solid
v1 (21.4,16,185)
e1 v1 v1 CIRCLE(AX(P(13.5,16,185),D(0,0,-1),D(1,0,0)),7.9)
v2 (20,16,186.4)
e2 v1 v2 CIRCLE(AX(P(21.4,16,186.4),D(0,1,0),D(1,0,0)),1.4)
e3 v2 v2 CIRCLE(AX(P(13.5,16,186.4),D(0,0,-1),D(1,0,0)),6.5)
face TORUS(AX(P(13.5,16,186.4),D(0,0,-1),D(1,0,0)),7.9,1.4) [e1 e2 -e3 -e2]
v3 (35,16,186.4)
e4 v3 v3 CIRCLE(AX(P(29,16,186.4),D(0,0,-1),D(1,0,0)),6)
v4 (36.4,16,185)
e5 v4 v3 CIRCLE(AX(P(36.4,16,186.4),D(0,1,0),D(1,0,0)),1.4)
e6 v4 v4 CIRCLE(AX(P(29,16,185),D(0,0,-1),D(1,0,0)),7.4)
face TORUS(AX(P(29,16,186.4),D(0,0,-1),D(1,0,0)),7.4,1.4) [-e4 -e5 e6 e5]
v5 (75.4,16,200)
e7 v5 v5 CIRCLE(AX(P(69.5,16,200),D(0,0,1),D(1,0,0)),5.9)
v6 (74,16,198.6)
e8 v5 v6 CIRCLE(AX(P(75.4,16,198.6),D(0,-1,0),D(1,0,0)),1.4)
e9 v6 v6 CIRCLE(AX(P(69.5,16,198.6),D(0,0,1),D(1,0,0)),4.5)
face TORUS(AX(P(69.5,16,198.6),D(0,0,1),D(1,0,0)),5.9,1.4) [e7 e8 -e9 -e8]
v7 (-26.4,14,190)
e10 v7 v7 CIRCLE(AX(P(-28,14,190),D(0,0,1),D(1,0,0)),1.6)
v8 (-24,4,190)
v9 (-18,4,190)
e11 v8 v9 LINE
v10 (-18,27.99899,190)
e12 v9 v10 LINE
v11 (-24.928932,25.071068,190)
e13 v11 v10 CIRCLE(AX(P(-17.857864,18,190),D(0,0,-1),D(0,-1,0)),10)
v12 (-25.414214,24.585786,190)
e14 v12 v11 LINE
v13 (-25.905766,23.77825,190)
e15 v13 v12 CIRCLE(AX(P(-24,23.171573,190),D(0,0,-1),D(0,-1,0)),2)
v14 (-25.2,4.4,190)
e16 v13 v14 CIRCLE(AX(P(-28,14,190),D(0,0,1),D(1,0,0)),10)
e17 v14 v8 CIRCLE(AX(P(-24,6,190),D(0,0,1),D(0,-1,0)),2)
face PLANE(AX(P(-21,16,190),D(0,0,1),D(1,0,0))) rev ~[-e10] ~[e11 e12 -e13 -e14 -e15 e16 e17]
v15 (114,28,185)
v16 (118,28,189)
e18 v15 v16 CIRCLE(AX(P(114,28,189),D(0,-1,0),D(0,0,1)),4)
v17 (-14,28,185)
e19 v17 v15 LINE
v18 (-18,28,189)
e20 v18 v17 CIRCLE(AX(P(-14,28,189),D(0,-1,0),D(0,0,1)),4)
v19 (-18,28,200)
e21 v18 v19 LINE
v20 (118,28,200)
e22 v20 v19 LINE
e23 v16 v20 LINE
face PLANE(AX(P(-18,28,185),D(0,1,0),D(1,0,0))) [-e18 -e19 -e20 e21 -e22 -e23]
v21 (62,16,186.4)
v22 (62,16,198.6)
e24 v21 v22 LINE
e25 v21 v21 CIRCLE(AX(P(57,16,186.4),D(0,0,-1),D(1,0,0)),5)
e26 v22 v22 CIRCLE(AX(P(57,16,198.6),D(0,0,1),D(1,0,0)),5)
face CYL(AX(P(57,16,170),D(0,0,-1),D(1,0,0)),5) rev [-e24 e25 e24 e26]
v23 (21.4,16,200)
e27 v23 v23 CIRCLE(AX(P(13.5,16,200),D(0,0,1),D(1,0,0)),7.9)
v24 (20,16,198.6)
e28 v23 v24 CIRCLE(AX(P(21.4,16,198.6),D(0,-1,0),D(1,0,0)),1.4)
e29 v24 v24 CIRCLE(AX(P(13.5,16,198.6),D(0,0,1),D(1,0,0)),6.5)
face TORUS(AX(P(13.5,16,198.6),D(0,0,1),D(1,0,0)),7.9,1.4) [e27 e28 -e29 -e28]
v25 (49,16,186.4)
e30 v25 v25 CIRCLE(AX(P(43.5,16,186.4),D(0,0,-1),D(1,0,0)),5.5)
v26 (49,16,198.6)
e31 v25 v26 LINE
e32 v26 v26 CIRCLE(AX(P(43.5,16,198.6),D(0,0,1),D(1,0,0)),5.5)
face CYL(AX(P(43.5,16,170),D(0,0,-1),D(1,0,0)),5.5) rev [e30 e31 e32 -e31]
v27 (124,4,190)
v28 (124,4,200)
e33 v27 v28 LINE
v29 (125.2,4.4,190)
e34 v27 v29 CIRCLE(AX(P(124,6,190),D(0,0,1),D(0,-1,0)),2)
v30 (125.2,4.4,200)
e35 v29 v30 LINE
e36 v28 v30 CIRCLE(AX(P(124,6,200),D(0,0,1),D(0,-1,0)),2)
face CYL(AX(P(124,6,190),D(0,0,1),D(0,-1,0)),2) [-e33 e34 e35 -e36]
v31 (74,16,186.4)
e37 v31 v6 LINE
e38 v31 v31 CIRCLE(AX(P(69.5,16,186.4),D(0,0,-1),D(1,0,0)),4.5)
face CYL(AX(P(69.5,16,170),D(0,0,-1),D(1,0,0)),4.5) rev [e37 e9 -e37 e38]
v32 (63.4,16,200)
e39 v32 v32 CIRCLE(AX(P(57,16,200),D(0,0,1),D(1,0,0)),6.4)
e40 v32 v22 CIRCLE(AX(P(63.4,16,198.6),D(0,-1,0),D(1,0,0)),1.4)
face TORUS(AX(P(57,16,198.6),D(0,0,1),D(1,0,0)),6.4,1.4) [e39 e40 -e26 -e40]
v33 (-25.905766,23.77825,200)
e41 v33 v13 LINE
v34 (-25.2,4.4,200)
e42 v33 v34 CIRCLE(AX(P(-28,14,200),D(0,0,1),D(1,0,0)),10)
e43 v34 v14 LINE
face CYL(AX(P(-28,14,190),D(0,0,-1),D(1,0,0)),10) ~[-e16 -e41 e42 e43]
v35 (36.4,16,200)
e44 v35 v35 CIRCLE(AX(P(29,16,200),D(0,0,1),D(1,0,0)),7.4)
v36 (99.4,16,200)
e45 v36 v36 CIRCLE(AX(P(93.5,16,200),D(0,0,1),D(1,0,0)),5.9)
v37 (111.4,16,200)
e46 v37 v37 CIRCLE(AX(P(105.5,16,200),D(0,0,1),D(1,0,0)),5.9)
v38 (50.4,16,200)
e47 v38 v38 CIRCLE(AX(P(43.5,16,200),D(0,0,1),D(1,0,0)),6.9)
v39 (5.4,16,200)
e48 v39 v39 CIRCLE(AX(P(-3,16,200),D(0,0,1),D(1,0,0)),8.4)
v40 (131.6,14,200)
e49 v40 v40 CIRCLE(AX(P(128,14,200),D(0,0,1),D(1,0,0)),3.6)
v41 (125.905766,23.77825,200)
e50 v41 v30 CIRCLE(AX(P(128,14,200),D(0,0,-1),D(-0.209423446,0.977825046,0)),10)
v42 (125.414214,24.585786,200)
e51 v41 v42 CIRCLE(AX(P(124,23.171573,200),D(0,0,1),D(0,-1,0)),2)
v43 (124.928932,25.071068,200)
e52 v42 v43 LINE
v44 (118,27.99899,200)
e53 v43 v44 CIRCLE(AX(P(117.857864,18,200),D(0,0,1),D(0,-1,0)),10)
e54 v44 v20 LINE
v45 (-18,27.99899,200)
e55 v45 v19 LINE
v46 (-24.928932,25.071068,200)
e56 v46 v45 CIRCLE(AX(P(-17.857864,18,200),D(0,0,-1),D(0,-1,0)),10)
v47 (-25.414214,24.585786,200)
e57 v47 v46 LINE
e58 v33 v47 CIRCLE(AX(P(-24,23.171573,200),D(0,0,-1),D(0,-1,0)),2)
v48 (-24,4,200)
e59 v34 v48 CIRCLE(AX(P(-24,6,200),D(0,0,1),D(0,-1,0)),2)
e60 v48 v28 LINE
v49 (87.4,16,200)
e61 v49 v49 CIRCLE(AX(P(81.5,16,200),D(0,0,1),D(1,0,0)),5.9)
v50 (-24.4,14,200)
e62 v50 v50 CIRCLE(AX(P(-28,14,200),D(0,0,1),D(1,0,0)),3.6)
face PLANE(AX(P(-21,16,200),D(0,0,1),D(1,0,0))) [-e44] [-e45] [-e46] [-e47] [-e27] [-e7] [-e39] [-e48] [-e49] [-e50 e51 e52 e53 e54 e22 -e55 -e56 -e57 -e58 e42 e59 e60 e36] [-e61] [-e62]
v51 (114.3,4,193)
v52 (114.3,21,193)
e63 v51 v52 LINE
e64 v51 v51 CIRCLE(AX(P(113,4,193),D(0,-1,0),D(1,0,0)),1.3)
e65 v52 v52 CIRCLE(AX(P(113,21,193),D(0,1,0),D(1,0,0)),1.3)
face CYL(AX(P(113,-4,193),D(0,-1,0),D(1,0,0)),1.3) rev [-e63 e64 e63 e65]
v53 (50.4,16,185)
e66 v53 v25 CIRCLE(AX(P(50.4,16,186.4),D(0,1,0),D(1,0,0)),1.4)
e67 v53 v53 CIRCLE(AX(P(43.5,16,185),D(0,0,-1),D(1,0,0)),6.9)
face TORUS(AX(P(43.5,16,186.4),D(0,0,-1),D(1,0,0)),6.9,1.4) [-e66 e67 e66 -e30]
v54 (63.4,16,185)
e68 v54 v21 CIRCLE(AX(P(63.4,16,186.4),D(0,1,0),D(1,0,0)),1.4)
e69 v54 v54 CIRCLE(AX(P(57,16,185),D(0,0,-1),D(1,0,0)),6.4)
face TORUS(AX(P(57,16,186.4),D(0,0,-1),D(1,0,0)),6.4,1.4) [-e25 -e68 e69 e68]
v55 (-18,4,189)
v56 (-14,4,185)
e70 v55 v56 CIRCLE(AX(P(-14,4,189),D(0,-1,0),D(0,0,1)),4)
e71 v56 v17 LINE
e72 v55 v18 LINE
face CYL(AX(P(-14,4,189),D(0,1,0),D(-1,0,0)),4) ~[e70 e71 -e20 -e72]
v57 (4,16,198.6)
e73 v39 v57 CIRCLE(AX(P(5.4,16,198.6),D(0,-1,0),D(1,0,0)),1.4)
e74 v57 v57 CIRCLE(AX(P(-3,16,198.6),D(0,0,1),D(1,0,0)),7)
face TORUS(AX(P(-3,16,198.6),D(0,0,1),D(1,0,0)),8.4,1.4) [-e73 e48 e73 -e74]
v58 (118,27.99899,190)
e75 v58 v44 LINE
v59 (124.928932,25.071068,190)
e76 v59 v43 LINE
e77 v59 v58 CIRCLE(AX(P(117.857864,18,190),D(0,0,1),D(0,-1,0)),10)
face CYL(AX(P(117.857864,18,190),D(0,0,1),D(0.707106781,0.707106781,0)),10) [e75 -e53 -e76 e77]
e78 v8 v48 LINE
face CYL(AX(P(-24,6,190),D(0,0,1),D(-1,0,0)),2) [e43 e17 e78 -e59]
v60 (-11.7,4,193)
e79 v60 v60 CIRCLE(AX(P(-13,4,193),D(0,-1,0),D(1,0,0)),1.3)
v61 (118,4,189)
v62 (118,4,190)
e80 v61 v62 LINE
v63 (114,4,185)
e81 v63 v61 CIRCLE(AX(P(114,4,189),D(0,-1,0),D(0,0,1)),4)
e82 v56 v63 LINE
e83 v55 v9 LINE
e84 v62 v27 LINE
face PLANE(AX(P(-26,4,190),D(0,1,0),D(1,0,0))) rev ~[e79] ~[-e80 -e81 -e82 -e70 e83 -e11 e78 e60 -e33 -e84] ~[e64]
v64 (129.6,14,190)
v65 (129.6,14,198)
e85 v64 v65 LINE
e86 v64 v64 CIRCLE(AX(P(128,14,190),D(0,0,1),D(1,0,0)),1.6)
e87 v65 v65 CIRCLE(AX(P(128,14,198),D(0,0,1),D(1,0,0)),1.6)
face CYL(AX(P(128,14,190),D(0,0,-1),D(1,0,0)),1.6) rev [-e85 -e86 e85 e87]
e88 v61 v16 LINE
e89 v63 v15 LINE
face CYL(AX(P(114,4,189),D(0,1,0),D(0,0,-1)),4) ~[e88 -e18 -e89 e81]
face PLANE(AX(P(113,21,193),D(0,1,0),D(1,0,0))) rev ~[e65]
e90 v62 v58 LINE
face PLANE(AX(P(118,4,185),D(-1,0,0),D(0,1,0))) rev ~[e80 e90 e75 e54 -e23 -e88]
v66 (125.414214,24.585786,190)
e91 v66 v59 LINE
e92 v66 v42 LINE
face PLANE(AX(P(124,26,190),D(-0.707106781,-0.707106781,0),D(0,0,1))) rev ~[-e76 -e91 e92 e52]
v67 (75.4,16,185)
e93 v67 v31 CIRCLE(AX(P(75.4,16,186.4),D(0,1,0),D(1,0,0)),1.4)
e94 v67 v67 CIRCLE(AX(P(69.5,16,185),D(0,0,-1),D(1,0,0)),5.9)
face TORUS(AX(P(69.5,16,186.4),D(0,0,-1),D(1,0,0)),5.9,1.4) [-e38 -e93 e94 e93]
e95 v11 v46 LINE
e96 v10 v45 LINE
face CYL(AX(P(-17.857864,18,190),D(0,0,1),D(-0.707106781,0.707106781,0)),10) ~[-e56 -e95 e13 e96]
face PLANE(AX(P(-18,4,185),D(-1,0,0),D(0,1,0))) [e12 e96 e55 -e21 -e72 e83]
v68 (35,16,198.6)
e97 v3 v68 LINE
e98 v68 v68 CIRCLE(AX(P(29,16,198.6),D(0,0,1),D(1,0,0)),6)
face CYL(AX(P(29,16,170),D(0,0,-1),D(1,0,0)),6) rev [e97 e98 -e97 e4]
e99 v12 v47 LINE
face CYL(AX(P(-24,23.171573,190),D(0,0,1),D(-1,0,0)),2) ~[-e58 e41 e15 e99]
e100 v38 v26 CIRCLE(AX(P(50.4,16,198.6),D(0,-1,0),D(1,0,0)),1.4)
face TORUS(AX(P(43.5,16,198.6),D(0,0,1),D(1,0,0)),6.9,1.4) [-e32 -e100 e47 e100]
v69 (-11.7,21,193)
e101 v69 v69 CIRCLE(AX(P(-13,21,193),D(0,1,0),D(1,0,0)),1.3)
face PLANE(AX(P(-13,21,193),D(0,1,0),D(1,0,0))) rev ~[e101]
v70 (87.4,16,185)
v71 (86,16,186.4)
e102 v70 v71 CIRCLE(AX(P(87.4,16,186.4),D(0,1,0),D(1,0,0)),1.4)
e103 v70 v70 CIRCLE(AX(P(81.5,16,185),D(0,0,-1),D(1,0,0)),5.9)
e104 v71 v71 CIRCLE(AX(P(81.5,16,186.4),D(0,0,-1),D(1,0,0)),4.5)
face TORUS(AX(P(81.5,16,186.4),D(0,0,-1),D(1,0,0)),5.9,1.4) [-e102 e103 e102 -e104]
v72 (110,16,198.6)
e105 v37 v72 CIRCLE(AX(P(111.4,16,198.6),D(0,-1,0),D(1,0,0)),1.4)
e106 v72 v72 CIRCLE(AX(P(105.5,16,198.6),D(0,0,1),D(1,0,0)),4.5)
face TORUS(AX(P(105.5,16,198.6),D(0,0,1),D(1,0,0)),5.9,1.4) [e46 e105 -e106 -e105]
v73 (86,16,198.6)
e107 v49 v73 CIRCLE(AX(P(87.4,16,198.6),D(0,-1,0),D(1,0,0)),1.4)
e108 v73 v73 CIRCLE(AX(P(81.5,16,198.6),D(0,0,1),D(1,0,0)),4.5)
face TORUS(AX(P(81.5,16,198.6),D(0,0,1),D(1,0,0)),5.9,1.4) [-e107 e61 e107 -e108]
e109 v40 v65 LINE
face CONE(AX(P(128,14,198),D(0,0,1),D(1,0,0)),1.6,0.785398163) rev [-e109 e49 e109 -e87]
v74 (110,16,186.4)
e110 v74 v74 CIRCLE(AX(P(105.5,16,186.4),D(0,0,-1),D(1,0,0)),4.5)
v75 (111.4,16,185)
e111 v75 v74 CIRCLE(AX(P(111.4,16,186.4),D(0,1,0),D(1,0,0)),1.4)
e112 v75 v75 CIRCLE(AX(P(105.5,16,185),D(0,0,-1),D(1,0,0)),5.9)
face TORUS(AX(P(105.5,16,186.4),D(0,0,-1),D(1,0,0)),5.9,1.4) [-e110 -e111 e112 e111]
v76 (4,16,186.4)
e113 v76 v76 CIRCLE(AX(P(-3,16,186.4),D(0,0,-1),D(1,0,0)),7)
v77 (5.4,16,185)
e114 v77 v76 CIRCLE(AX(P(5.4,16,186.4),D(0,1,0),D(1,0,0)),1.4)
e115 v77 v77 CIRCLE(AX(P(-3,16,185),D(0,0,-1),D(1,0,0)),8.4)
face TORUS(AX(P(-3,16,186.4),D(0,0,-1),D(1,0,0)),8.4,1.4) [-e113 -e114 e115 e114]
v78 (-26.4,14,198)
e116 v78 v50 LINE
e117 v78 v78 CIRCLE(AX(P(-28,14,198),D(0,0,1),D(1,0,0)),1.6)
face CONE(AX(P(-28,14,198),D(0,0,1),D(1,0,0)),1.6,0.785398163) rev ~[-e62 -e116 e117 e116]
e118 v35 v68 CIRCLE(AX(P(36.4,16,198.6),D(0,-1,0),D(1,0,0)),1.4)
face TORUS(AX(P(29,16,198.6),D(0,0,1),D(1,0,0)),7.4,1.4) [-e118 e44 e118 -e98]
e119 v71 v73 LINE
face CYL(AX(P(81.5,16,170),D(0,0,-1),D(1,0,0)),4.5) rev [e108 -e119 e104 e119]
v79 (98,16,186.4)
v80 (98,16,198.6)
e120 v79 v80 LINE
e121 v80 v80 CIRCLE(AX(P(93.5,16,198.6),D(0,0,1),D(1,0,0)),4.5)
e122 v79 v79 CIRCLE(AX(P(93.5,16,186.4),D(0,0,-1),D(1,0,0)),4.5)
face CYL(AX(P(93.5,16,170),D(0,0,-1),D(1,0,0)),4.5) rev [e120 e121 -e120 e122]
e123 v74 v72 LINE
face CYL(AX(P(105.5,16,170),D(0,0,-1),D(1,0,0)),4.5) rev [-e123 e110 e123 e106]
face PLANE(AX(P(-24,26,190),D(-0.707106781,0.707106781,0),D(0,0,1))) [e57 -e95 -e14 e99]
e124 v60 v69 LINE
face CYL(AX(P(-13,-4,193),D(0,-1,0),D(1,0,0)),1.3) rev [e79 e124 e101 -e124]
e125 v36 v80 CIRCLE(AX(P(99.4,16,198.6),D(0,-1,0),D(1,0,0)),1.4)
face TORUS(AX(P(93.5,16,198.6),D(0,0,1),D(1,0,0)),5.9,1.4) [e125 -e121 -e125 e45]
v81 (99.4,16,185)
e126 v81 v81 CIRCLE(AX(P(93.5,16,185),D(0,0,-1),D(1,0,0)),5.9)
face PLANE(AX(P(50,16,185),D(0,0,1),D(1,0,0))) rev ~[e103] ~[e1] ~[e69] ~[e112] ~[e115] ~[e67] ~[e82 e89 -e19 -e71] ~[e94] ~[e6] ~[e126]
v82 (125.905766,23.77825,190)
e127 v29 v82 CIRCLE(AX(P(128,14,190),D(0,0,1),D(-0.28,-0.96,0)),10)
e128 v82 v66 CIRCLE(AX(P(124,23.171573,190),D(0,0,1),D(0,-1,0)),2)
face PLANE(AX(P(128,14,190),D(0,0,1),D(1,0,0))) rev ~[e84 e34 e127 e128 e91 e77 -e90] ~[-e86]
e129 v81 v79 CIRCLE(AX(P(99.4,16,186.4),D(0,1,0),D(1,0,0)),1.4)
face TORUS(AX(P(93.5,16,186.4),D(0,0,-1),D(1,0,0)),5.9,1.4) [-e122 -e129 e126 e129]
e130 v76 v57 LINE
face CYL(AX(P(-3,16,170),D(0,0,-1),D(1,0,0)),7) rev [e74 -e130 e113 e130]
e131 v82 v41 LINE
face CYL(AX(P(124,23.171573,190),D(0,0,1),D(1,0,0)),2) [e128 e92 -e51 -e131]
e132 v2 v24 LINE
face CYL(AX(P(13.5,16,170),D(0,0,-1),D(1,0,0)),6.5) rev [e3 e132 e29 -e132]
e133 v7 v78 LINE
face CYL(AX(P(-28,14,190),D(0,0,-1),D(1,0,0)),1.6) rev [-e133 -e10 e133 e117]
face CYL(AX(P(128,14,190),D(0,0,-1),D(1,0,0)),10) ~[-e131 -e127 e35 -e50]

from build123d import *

# Parameters (mm, degrees)
BOX029_W          = 10
BOX029_H          = 24
BOX029_DEPTH      = 10
FILLET042_R       = 2
CHAMFER008_SIZE   = 4
FILLET043_R       = 2
FILLET044_R       = 10
BOX011_W          = 10
BOX011_H          = 24
BOX011_DEPTH      = 10
FILLET045_R       = 2
CHAMFER009_SIZE   = 4
FILLET046_R       = 2
FILLET047_R       = 10
TUBE007_R         = 10
TUBE007_R_2       = 1.6
TUBE007_DEPTH     = 10
TUBE006_R         = 10
TUBE006_R_2       = 1.6
TUBE006_DEPTH     = 10
CHAMFER010_SIZE   = 2
CYLINDER028_R     = 6.5
CYLINDER028_DEPTH = 30
CYLINDER029_R     = 6
CYLINDER029_DEPTH = 30
CYLINDER030_R     = 5.5
CYLINDER030_DEPTH = 30
CYLINDER031_R     = 5
CYLINDER031_DEPTH = 30
CYLINDER032_R     = 4.5
CYLINDER032_DEPTH = 30
CYLINDER033_R     = 4.5
CYLINDER033_DEPTH = 30
CYLINDER034_R     = 4.5
CYLINDER034_DEPTH = 30
CYLINDER035_R     = 4.5
CYLINDER035_DEPTH = 30
CYLINDER037_R     = 1.3
CYLINDER037_DEPTH = 25
CYLINDER036_R     = 1.3
CYLINDER036_DEPTH = 25
CYLINDER027_R     = 7
CYLINDER027_DEPTH = 30
BOX009_W          = 136
BOX009_H          = 24
BOX009_DEPTH      = 15
FILLET048_R       = 4
FILLET049_R       = 1.4


with BuildPart() as fillet044:
    # Box029 → Box029 (new body)
    with BuildSketch(Plane(origin=(-26, -12, 0), x_dir=(1, 0, 0), z_dir=(0, 0, 1))):
        with Locations((5, 12)):
            Rectangle(BOX029_W, BOX029_H)
    extrude(amount=BOX029_DEPTH)

    # Fillet042
    fillet042_edges = [fillet044.edges().sort_by_distance(p)[0] for p in [
        (-26, -12, 5),
    ]]
    fillet(fillet042_edges, radius=FILLET042_R)

    # Chamfer008
    chamfer008_edges = [fillet044.edges().sort_by_distance(p)[0] for p in [
        (-26, 12, 5),
    ]]
    chamfer(chamfer008_edges, length=CHAMFER008_SIZE)

    # Fillet043
    fillet043_edges = [fillet044.edges().sort_by_distance(p)[0] for p in [
        (-26, 8, 5),
    ]]
    fillet(fillet043_edges, radius=FILLET043_R)

    # Fillet044
    fillet044_edges = [fillet044.edges().sort_by_distance(p)[0] for p in [
        (-22, 12, 5),
    ]]
    fillet(fillet044_edges, radius=FILLET044_R)


with BuildPart() as fillet047:
    # Box011 → Box011 (new body)
    with BuildSketch(Plane(origin=(116, -12, 0), x_dir=(1, 0, 0), z_dir=(0, 0, 1))):
        with Locations((5, 12)):
            Rectangle(BOX011_W, BOX011_H)
    extrude(amount=BOX011_DEPTH)

    # Fillet045
    fillet045_edges = [fillet047.edges().sort_by_distance(p)[0] for p in [
        (126, -12, 5),
    ]]
    fillet(fillet045_edges, radius=FILLET045_R)

    # Chamfer009
    chamfer009_edges = [fillet047.edges().sort_by_distance(p)[0] for p in [
        (126, 12, 5),
    ]]
    chamfer(chamfer009_edges, length=CHAMFER009_SIZE)

    # Fillet046
    fillet046_edges = [fillet047.edges().sort_by_distance(p)[0] for p in [
        (126, 8, 5),
    ]]
    fillet(fillet046_edges, radius=FILLET046_R)

    # Fillet047
    fillet047_edges = [fillet047.edges().sort_by_distance(p)[0] for p in [
        (122, 12, 5),
    ]]
    fillet(fillet047_edges, radius=FILLET047_R)


with BuildPart() as tube007:
    # Tube007 → Tube007 (new body)
    with BuildSketch(Plane(origin=(128, -2, 0), x_dir=(1, 0, 0), z_dir=(0, 0, 1))):
        Circle(TUBE007_R)
        Circle(TUBE007_R_2, mode=Mode.SUBTRACT)
    extrude(amount=TUBE007_DEPTH)


with BuildPart() as chamfer010:
    # Tube006 → Tube006 (new body)
    with BuildSketch(Plane(origin=(-28, -2, 0), x_dir=(1, 0, 0), z_dir=(0, 0, 1))):
        Circle(TUBE006_R)
        Circle(TUBE006_R_2, mode=Mode.SUBTRACT)
    extrude(amount=TUBE006_DEPTH)

    # Fusion014: union Fillet044, Fillet047, Tube007
    add(fillet044.part)
    add(fillet047.part)
    add(tube007.part)


with BuildPart() as chamfer010_1:
    # Fusion014 placement: moved
    add(chamfer010.part.moved(Location((0, 0, 20))))

    # Chamfer010
    chamfer010_edges = [chamfer010_1.edges().sort_by_distance(p)[0] for p in [
        (-29.6, -2, 30),
        (126.4, -2, 30),
    ]]
    chamfer(chamfer010_edges, length=CHAMFER010_SIZE)


with BuildPart() as cylinder028:
    # Cylinder028 → Cylinder028 (new body)
    with BuildSketch(Plane(origin=(13.5, 0, 0), x_dir=(1, 0, 0), z_dir=(0, 0, 1))):
        Circle(CYLINDER028_R)
    extrude(amount=CYLINDER028_DEPTH)


with BuildPart() as cylinder029:
    # Cylinder029 → Cylinder029 (new body)
    with BuildSketch(Plane(origin=(29, 0, 0), x_dir=(1, 0, 0), z_dir=(0, 0, 1))):
        Circle(CYLINDER029_R)
    extrude(amount=CYLINDER029_DEPTH)


with BuildPart() as cylinder030:
    # Cylinder030 → Cylinder030 (new body)
    with BuildSketch(Plane(origin=(43.5, 0, 0), x_dir=(1, 0, 0), z_dir=(0, 0, 1))):
        Circle(CYLINDER030_R)
    extrude(amount=CYLINDER030_DEPTH)


with BuildPart() as cylinder031:
    # Cylinder031 → Cylinder031 (new body)
    with BuildSketch(Plane(origin=(57, 0, 0), x_dir=(1, 0, 0), z_dir=(0, 0, 1))):
        Circle(CYLINDER031_R)
    extrude(amount=CYLINDER031_DEPTH)


with BuildPart() as cylinder032:
    # Cylinder032 → Cylinder032 (new body)
    with BuildSketch(Plane(origin=(69.5, 0, 0), x_dir=(1, 0, 0), z_dir=(0, 0, 1))):
        Circle(CYLINDER032_R)
    extrude(amount=CYLINDER032_DEPTH)


with BuildPart() as cylinder033:
    # Cylinder033 → Cylinder033 (new body)
    with BuildSketch(Plane(origin=(81.5, 0, 0), x_dir=(1, 0, 0), z_dir=(0, 0, 1))):
        Circle(CYLINDER033_R)
    extrude(amount=CYLINDER033_DEPTH)


with BuildPart() as cylinder034:
    # Cylinder034 → Cylinder034 (new body)
    with BuildSketch(Plane(origin=(93.5, 0, 0), x_dir=(1, 0, 0), z_dir=(0, 0, 1))):
        Circle(CYLINDER034_R)
    extrude(amount=CYLINDER034_DEPTH)


with BuildPart() as cylinder035:
    # Cylinder035 → Cylinder035 (new body)
    with BuildSketch(Plane(origin=(105.5, 0, 0), x_dir=(1, 0, 0), z_dir=(0, 0, 1))):
        Circle(CYLINDER035_R)
    extrude(amount=CYLINDER035_DEPTH)


with BuildPart() as screwholle008:
    # Cylinder037 → Cylinder037 (new body)
    with BuildSketch(Plane(origin=(113, -20, 23), x_dir=(1, 0, 0), z_dir=(0, 1, 0))):
        Circle(CYLINDER037_R)
    extrude(amount=CYLINDER037_DEPTH)


with BuildPart() as fusion015:
    # Cylinder036 → Cylinder036 (new body)
    with BuildSketch(Plane(origin=(-13, -20, 23), x_dir=(1, 0, 0), z_dir=(0, 1, 0))):
        Circle(CYLINDER036_R)
    extrude(amount=CYLINDER036_DEPTH)

    # Fusion015: union ScrewHolle008
    add(screwholle008.part)


with BuildPart() as fusion016:
    # Cylinder027 → Cylinder027 (new body)
    with BuildSketch(Plane(origin=(-3, 0, 0), x_dir=(1, 0, 0), z_dir=(0, 0, 1))):
        Circle(CYLINDER027_R)
    extrude(amount=CYLINDER027_DEPTH)

    # Fusion016: union Cylinder028, Cylinder029, Cylinder030, Cylinder031, Cylinder032, Cylinder033, Cylinder034, Cylinder035, Fusion015
    add(cylinder028.part)
    add(cylinder029.part)
    add(cylinder030.part)
    add(cylinder031.part)
    add(cylinder032.part)
    add(cylinder033.part)
    add(cylinder034.part)
    add(cylinder035.part)
    add(fusion015.part)


with BuildPart() as top_s:
    # Box009 → Box009 (new body)
    with BuildSketch(Plane(origin=(-18, -12, 15), x_dir=(1, 0, 0), z_dir=(0, 0, 1))):
        with Locations((68, 12)):
            Rectangle(BOX009_W, BOX009_H)
    extrude(amount=BOX009_DEPTH)

    # Cut005: cut Fusion016
    add(fusion016.part, mode=Mode.SUBTRACT)

    # Fillet048
    fillet048_edges = [top_s.edges().sort_by_distance(p)[0] for p in [
        (-18, 0, 15),
        (118, 0, 15),
    ]]
    fillet(fillet048_edges, radius=FILLET048_R)

    # Fillet049
    fillet049_edges = [top_s.edges().sort_by_distance(p)[0] for p in [
        (-10, 0, 30),
        (7, 0, 30),
        (23, 0, 30),
        (38, 0, 30),
        (52, 0, 30),
        (65, 0, 30),
        (77, 0, 30),
        (89, 0, 30),
        (101, 0, 30),
        (-10, 0, 15),
        (7, 0, 15),
        (23, 0, 15),
        (38, 0, 15),
        (52, 0, 15),
        (65, 0, 15),
        (77, 0, 15),
        (89, 0, 15),
        (101, 0, 15),
    ]]
    fillet(fillet049_edges, radius=FILLET049_R)

    # Fusion022: union Chamfer010
    add(chamfer010_1.part)


with BuildPart() as top_s_1:
    # Fusion022 placement: moved
    add(top_s.part.moved(Location((0, 16, 170))))


solid = top_s_1.part
